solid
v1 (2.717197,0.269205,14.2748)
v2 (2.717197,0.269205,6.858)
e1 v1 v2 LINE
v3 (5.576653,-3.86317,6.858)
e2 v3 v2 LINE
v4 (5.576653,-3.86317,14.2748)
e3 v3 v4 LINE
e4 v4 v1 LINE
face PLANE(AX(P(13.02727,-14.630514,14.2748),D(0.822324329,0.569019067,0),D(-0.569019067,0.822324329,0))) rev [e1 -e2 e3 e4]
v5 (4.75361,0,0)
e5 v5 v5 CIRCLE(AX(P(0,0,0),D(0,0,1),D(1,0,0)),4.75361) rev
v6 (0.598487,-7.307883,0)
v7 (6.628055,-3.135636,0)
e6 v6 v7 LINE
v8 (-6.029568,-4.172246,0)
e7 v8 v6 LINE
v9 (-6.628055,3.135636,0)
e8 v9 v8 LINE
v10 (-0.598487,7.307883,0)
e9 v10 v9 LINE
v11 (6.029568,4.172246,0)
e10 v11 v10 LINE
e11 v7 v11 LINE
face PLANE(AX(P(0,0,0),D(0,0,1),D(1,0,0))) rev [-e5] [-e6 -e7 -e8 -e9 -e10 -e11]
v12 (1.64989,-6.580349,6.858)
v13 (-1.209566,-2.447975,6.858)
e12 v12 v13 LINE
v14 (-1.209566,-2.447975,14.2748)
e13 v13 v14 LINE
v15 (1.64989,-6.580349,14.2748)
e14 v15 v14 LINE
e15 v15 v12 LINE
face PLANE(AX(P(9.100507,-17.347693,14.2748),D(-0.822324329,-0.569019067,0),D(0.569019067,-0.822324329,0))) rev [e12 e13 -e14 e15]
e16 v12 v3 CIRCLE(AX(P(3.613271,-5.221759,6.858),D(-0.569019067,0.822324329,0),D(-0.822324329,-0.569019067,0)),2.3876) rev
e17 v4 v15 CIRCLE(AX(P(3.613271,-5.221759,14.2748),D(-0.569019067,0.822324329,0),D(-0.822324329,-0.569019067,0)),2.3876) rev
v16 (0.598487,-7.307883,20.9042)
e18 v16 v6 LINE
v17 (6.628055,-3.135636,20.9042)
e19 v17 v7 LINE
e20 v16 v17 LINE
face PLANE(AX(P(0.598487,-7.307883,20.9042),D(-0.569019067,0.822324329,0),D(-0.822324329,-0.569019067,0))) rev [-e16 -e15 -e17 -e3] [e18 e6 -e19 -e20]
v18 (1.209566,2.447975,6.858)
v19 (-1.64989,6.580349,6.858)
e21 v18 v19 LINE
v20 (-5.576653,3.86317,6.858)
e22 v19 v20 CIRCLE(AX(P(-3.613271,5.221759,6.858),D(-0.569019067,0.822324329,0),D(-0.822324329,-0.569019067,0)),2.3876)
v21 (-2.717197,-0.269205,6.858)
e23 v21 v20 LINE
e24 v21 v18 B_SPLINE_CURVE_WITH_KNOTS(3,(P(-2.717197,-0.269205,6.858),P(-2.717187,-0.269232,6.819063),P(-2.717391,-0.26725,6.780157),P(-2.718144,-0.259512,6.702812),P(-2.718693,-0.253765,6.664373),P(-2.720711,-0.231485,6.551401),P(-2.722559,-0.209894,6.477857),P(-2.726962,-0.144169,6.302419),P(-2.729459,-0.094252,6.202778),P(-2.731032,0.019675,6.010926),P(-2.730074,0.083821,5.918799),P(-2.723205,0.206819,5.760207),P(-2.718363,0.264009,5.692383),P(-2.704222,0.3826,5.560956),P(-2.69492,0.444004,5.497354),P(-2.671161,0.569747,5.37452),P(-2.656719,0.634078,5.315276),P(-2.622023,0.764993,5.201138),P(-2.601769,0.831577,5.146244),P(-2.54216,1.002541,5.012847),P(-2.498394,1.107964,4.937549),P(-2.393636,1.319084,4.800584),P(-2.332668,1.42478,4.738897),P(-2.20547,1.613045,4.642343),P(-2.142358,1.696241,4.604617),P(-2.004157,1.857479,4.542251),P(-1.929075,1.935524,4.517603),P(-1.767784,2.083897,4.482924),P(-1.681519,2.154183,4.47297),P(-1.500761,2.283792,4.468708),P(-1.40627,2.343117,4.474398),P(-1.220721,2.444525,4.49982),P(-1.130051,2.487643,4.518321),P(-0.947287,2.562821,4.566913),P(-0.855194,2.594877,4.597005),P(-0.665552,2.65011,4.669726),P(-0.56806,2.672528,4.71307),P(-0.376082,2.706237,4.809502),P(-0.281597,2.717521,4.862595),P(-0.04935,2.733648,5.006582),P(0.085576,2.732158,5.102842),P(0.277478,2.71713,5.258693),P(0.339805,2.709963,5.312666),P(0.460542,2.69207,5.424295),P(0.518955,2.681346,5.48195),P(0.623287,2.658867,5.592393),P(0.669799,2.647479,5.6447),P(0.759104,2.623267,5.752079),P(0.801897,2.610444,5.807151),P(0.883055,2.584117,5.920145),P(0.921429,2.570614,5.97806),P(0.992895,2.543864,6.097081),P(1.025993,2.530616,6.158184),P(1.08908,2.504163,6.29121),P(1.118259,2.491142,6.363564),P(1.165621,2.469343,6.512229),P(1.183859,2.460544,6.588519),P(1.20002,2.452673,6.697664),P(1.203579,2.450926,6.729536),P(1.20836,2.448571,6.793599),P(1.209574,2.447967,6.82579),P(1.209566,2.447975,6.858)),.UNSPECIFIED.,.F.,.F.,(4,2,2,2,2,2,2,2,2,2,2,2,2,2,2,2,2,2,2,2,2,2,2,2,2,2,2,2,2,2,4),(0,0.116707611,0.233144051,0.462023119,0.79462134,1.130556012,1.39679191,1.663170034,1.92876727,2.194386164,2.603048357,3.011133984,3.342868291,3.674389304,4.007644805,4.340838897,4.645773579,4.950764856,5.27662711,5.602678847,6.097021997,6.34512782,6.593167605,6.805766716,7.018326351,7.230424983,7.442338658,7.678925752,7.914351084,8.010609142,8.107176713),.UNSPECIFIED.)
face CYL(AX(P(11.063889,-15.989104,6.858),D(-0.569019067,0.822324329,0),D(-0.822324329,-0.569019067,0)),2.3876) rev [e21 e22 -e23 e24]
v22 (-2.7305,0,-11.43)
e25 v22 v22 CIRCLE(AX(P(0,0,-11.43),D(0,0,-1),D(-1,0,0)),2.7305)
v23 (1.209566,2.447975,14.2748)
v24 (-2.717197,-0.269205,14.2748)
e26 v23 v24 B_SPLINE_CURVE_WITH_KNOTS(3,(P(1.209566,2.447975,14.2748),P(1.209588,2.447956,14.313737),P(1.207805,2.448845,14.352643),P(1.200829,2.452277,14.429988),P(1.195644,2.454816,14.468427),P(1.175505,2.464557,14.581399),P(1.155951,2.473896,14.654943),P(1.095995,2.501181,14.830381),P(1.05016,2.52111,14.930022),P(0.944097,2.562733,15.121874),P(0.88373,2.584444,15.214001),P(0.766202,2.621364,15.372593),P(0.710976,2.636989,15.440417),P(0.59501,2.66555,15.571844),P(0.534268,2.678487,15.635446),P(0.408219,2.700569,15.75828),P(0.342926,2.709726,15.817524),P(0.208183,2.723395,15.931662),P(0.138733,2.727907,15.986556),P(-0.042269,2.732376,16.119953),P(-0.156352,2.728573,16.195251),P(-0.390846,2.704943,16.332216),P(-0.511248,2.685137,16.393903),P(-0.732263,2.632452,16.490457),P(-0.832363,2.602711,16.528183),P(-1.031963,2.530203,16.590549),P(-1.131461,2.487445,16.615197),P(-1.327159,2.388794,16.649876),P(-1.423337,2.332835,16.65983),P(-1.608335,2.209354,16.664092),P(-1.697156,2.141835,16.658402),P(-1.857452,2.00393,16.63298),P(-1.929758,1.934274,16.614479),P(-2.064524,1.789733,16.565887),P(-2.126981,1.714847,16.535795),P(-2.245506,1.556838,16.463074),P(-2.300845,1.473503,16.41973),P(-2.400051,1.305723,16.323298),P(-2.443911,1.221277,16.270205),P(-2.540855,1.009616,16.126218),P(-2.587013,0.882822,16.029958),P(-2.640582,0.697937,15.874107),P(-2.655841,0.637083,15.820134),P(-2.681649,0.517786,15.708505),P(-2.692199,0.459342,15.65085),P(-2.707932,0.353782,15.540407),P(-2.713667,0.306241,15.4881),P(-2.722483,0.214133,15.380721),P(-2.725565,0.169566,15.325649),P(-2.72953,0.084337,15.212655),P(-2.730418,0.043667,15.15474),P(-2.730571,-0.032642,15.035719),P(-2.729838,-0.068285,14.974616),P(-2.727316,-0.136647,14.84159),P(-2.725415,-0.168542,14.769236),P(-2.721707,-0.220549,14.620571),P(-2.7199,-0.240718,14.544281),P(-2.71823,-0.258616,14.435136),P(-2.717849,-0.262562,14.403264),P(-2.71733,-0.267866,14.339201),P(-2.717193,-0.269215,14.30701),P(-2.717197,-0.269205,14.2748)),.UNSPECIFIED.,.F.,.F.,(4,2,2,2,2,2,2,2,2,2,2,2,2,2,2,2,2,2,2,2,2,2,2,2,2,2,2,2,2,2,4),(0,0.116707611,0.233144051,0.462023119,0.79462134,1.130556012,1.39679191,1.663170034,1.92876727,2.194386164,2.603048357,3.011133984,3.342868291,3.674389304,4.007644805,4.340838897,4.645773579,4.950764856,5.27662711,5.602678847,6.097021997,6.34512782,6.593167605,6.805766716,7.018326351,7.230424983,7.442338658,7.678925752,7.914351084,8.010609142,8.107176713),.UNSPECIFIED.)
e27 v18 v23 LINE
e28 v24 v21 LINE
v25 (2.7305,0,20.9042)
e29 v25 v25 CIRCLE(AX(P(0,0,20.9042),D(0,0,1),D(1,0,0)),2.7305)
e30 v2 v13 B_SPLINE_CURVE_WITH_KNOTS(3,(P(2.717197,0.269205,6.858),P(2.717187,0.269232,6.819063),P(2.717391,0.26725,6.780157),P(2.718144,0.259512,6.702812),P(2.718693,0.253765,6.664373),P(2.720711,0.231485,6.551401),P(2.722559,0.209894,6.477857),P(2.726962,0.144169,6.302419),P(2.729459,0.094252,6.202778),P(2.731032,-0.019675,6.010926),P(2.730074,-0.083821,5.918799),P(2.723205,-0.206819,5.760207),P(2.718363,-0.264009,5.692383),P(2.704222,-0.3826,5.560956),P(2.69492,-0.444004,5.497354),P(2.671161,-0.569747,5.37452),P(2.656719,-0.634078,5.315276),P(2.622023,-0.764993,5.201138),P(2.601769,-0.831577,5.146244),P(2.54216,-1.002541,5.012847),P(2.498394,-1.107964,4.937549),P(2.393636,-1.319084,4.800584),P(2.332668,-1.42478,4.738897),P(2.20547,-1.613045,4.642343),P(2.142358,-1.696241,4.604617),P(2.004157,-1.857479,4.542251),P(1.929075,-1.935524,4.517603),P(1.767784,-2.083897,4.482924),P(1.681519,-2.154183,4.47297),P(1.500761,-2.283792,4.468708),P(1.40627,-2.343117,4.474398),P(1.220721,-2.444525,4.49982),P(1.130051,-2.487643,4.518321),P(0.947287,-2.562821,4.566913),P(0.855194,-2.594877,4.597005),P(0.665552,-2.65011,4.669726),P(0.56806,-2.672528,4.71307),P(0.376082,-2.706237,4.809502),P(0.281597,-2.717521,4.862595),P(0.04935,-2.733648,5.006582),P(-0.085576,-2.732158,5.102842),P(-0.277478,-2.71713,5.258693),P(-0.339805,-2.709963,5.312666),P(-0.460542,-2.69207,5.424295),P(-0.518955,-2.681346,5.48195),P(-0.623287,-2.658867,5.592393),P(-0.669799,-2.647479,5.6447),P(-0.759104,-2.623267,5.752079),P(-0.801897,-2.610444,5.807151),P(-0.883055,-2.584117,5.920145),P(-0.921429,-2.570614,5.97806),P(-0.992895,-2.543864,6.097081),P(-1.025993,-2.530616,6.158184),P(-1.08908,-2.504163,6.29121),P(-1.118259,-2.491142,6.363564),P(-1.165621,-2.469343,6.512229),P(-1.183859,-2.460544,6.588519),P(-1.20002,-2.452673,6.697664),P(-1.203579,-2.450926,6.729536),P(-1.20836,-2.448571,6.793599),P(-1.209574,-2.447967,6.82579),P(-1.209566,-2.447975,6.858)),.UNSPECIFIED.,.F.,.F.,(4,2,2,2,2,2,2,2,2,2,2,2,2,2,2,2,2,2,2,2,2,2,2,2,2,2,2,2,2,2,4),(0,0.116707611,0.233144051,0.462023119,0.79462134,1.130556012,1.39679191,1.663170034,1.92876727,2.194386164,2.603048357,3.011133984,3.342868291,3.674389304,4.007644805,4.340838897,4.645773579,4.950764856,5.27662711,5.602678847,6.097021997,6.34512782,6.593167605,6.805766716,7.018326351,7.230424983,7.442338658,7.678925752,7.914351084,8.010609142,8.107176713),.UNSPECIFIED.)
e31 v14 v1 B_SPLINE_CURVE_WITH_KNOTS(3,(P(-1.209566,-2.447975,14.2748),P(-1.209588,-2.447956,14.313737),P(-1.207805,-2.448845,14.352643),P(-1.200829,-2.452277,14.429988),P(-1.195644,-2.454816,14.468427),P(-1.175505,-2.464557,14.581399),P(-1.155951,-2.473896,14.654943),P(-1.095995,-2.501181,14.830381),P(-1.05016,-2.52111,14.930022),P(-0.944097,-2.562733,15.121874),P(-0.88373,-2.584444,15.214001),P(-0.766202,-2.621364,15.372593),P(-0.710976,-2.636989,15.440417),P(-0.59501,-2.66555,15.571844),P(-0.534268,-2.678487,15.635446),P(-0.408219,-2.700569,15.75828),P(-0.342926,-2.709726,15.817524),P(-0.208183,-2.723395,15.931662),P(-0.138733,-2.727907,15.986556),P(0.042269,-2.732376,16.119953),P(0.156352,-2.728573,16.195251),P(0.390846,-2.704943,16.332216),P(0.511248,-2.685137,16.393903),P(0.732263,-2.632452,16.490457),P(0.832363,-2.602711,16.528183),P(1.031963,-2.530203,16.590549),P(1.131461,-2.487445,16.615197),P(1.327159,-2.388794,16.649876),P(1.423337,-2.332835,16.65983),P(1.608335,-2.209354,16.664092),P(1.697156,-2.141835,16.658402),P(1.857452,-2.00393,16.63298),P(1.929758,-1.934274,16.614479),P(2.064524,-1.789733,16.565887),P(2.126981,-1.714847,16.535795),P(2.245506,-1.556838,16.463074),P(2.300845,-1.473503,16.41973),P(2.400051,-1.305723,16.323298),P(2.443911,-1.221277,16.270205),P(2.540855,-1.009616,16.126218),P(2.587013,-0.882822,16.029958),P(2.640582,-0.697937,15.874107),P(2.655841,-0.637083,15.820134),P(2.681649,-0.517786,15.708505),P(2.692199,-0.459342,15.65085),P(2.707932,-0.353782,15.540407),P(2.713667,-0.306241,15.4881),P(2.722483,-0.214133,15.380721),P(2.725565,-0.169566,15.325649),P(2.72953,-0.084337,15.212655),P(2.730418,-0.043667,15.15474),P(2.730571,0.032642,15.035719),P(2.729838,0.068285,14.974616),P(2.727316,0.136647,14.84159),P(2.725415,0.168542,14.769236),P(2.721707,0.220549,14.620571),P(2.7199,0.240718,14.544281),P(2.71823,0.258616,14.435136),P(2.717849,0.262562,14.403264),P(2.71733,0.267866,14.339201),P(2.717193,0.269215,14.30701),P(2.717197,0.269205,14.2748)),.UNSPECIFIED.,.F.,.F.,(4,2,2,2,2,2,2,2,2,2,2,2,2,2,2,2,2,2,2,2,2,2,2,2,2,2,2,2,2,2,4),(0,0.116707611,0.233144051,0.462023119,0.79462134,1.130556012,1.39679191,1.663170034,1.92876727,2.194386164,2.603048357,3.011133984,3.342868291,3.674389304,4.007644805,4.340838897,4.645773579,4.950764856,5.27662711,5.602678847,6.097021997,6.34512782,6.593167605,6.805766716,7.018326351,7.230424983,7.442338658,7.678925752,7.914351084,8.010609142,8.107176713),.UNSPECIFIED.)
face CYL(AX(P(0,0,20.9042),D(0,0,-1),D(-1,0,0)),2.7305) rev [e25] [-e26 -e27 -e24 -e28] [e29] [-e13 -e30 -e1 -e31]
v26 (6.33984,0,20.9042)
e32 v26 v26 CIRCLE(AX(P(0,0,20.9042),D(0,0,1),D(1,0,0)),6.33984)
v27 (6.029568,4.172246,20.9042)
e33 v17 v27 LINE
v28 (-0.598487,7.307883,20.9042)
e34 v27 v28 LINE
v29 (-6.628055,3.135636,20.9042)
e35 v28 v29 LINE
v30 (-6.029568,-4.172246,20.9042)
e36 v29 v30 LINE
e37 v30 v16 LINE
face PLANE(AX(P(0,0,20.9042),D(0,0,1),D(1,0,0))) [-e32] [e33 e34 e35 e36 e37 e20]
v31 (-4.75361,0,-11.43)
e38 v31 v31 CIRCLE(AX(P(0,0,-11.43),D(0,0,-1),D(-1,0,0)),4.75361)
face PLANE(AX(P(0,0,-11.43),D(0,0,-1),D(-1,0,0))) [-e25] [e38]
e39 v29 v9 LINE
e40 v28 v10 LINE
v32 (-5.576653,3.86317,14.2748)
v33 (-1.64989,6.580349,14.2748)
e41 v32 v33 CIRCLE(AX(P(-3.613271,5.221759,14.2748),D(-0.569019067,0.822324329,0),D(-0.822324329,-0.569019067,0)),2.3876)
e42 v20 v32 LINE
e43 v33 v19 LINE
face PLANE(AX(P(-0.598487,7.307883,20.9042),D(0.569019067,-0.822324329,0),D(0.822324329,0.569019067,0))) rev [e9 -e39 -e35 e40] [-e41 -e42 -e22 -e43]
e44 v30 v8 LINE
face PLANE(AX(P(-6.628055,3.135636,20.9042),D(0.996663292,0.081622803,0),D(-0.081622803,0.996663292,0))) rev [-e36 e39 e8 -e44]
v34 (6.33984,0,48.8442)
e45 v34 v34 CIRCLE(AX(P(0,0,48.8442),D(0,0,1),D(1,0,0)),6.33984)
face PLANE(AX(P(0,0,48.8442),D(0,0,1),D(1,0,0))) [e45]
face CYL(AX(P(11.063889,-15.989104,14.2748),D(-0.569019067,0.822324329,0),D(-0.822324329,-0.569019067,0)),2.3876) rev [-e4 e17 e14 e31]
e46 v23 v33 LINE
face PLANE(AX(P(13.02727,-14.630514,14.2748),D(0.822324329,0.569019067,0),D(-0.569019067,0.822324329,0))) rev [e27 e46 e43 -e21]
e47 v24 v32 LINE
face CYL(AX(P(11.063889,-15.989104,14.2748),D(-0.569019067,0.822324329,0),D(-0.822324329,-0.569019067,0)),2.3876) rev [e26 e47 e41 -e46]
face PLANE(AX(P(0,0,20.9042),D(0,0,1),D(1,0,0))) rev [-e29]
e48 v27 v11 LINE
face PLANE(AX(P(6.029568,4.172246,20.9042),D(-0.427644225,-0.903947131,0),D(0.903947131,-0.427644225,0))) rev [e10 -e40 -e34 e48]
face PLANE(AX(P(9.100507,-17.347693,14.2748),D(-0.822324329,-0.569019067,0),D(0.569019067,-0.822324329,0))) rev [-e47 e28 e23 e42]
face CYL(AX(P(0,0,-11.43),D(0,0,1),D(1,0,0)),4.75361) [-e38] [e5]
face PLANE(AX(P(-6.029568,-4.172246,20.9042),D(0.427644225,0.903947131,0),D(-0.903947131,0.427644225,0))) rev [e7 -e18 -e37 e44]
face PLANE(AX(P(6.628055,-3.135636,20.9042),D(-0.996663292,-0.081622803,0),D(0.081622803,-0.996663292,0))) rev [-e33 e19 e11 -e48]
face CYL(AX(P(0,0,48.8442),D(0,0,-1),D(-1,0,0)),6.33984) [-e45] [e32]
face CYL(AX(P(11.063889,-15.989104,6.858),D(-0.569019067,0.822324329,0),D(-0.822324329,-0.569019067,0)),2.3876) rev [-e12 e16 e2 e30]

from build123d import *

# Parameters (mm, degrees)
SKETCH1_R           = 2.7305
BOSS_EXTRUDE1_DEPTH = 20.9042
SKETCH2_R           = 6.33984
BOSS_EXTRUDE2_DEPTH = 27.94
BOSS_EXTRUDE3_START = 11.43
SKETCH3_R           = 4.75361
SKETCH3_R_2         = 2.7305
BOSS_EXTRUDE3_DEPTH = 11.43
CUT_EXTRUDE1_REACH  = 53.455


with BuildPart() as part:
    # Sketch1 → Boss-Extrude1 (new body)
    with BuildSketch(Plane.XY):
        Polygon((6.029568492, 4.172246054), (-0.598486828, 7.307882515), (-6.62805532, 3.13563646), (-6.029568492, -4.172246054), (0.598486828, -7.307882515), (6.62805532, -3.13563646), align=None)
        Circle(SKETCH1_R, mode=Mode.SUBTRACT)
    extrude(amount=BOSS_EXTRUDE1_DEPTH)

    # Sketch2 → Boss-Extrude2 (add)
    with BuildSketch(Plane.XY.offset(20.9042)):
        Circle(SKETCH2_R)
    extrude(amount=BOSS_EXTRUDE2_DEPTH)

    # Sketch3 → Boss-Extrude3 (add)
    with BuildSketch(Plane(origin=(0, 0, 0), x_dir=(-1, 0, 0), z_dir=(0, 0, -1)).offset(BOSS_EXTRUDE3_START)):
        with Locations(Location((0, 0, 0), (0, 0, 180))):
            Circle(SKETCH3_R)
        Circle(SKETCH3_R_2, mode=Mode.SUBTRACT)
    extrude(amount=-BOSS_EXTRUDE3_DEPTH)

    # Cut-Extrude1: up to this face of the body (flat: up to its plane)
    cut_extrude1_end = Plane(part.part.faces().sort_by_distance((3.613271074, -5.221759488, 10.4521))[0])
    # Sketch4 → Cut-Extrude1 (cut, up to the picked face)
    with BuildSketch(Plane(origin=(-3.613271074, 5.221759488, 0), x_dir=(0.8223243287496799, 0.5690190667687582, 0), z_dir=(-0.5690190667687582, 0.82232432874968, 0)), mode=Mode.PRIVATE) as cut_extrude1_sk1:
        with BuildLine():
            Line((-2.3876, -14.2748), (-2.3876, -6.858))
            ThreePointArc((-2.3876, -6.858), (0, -4.4704), (2.3876, -6.858))
            Line((2.3876, -6.858), (2.3876, -14.2748))
            ThreePointArc((2.3876, -14.2748), (0, -16.6624), (-2.3876, -14.2748))
        make_face()
    cut_extrude1_tool1 = split(extrude(cut_extrude1_sk1.sketch, amount=-CUT_EXTRUDE1_REACH, mode=Mode.PRIVATE), bisect_by=cut_extrude1_end, keep=Keep.BOTH, mode=Mode.PRIVATE)
    add(cut_extrude1_tool1.solids().sort_by(Axis((-3.613271, 5.221759, 10.5664), (0.5690190667687582, -0.82232432874968, 0)))[0], mode=Mode.SUBTRACT)


solid = part.part
